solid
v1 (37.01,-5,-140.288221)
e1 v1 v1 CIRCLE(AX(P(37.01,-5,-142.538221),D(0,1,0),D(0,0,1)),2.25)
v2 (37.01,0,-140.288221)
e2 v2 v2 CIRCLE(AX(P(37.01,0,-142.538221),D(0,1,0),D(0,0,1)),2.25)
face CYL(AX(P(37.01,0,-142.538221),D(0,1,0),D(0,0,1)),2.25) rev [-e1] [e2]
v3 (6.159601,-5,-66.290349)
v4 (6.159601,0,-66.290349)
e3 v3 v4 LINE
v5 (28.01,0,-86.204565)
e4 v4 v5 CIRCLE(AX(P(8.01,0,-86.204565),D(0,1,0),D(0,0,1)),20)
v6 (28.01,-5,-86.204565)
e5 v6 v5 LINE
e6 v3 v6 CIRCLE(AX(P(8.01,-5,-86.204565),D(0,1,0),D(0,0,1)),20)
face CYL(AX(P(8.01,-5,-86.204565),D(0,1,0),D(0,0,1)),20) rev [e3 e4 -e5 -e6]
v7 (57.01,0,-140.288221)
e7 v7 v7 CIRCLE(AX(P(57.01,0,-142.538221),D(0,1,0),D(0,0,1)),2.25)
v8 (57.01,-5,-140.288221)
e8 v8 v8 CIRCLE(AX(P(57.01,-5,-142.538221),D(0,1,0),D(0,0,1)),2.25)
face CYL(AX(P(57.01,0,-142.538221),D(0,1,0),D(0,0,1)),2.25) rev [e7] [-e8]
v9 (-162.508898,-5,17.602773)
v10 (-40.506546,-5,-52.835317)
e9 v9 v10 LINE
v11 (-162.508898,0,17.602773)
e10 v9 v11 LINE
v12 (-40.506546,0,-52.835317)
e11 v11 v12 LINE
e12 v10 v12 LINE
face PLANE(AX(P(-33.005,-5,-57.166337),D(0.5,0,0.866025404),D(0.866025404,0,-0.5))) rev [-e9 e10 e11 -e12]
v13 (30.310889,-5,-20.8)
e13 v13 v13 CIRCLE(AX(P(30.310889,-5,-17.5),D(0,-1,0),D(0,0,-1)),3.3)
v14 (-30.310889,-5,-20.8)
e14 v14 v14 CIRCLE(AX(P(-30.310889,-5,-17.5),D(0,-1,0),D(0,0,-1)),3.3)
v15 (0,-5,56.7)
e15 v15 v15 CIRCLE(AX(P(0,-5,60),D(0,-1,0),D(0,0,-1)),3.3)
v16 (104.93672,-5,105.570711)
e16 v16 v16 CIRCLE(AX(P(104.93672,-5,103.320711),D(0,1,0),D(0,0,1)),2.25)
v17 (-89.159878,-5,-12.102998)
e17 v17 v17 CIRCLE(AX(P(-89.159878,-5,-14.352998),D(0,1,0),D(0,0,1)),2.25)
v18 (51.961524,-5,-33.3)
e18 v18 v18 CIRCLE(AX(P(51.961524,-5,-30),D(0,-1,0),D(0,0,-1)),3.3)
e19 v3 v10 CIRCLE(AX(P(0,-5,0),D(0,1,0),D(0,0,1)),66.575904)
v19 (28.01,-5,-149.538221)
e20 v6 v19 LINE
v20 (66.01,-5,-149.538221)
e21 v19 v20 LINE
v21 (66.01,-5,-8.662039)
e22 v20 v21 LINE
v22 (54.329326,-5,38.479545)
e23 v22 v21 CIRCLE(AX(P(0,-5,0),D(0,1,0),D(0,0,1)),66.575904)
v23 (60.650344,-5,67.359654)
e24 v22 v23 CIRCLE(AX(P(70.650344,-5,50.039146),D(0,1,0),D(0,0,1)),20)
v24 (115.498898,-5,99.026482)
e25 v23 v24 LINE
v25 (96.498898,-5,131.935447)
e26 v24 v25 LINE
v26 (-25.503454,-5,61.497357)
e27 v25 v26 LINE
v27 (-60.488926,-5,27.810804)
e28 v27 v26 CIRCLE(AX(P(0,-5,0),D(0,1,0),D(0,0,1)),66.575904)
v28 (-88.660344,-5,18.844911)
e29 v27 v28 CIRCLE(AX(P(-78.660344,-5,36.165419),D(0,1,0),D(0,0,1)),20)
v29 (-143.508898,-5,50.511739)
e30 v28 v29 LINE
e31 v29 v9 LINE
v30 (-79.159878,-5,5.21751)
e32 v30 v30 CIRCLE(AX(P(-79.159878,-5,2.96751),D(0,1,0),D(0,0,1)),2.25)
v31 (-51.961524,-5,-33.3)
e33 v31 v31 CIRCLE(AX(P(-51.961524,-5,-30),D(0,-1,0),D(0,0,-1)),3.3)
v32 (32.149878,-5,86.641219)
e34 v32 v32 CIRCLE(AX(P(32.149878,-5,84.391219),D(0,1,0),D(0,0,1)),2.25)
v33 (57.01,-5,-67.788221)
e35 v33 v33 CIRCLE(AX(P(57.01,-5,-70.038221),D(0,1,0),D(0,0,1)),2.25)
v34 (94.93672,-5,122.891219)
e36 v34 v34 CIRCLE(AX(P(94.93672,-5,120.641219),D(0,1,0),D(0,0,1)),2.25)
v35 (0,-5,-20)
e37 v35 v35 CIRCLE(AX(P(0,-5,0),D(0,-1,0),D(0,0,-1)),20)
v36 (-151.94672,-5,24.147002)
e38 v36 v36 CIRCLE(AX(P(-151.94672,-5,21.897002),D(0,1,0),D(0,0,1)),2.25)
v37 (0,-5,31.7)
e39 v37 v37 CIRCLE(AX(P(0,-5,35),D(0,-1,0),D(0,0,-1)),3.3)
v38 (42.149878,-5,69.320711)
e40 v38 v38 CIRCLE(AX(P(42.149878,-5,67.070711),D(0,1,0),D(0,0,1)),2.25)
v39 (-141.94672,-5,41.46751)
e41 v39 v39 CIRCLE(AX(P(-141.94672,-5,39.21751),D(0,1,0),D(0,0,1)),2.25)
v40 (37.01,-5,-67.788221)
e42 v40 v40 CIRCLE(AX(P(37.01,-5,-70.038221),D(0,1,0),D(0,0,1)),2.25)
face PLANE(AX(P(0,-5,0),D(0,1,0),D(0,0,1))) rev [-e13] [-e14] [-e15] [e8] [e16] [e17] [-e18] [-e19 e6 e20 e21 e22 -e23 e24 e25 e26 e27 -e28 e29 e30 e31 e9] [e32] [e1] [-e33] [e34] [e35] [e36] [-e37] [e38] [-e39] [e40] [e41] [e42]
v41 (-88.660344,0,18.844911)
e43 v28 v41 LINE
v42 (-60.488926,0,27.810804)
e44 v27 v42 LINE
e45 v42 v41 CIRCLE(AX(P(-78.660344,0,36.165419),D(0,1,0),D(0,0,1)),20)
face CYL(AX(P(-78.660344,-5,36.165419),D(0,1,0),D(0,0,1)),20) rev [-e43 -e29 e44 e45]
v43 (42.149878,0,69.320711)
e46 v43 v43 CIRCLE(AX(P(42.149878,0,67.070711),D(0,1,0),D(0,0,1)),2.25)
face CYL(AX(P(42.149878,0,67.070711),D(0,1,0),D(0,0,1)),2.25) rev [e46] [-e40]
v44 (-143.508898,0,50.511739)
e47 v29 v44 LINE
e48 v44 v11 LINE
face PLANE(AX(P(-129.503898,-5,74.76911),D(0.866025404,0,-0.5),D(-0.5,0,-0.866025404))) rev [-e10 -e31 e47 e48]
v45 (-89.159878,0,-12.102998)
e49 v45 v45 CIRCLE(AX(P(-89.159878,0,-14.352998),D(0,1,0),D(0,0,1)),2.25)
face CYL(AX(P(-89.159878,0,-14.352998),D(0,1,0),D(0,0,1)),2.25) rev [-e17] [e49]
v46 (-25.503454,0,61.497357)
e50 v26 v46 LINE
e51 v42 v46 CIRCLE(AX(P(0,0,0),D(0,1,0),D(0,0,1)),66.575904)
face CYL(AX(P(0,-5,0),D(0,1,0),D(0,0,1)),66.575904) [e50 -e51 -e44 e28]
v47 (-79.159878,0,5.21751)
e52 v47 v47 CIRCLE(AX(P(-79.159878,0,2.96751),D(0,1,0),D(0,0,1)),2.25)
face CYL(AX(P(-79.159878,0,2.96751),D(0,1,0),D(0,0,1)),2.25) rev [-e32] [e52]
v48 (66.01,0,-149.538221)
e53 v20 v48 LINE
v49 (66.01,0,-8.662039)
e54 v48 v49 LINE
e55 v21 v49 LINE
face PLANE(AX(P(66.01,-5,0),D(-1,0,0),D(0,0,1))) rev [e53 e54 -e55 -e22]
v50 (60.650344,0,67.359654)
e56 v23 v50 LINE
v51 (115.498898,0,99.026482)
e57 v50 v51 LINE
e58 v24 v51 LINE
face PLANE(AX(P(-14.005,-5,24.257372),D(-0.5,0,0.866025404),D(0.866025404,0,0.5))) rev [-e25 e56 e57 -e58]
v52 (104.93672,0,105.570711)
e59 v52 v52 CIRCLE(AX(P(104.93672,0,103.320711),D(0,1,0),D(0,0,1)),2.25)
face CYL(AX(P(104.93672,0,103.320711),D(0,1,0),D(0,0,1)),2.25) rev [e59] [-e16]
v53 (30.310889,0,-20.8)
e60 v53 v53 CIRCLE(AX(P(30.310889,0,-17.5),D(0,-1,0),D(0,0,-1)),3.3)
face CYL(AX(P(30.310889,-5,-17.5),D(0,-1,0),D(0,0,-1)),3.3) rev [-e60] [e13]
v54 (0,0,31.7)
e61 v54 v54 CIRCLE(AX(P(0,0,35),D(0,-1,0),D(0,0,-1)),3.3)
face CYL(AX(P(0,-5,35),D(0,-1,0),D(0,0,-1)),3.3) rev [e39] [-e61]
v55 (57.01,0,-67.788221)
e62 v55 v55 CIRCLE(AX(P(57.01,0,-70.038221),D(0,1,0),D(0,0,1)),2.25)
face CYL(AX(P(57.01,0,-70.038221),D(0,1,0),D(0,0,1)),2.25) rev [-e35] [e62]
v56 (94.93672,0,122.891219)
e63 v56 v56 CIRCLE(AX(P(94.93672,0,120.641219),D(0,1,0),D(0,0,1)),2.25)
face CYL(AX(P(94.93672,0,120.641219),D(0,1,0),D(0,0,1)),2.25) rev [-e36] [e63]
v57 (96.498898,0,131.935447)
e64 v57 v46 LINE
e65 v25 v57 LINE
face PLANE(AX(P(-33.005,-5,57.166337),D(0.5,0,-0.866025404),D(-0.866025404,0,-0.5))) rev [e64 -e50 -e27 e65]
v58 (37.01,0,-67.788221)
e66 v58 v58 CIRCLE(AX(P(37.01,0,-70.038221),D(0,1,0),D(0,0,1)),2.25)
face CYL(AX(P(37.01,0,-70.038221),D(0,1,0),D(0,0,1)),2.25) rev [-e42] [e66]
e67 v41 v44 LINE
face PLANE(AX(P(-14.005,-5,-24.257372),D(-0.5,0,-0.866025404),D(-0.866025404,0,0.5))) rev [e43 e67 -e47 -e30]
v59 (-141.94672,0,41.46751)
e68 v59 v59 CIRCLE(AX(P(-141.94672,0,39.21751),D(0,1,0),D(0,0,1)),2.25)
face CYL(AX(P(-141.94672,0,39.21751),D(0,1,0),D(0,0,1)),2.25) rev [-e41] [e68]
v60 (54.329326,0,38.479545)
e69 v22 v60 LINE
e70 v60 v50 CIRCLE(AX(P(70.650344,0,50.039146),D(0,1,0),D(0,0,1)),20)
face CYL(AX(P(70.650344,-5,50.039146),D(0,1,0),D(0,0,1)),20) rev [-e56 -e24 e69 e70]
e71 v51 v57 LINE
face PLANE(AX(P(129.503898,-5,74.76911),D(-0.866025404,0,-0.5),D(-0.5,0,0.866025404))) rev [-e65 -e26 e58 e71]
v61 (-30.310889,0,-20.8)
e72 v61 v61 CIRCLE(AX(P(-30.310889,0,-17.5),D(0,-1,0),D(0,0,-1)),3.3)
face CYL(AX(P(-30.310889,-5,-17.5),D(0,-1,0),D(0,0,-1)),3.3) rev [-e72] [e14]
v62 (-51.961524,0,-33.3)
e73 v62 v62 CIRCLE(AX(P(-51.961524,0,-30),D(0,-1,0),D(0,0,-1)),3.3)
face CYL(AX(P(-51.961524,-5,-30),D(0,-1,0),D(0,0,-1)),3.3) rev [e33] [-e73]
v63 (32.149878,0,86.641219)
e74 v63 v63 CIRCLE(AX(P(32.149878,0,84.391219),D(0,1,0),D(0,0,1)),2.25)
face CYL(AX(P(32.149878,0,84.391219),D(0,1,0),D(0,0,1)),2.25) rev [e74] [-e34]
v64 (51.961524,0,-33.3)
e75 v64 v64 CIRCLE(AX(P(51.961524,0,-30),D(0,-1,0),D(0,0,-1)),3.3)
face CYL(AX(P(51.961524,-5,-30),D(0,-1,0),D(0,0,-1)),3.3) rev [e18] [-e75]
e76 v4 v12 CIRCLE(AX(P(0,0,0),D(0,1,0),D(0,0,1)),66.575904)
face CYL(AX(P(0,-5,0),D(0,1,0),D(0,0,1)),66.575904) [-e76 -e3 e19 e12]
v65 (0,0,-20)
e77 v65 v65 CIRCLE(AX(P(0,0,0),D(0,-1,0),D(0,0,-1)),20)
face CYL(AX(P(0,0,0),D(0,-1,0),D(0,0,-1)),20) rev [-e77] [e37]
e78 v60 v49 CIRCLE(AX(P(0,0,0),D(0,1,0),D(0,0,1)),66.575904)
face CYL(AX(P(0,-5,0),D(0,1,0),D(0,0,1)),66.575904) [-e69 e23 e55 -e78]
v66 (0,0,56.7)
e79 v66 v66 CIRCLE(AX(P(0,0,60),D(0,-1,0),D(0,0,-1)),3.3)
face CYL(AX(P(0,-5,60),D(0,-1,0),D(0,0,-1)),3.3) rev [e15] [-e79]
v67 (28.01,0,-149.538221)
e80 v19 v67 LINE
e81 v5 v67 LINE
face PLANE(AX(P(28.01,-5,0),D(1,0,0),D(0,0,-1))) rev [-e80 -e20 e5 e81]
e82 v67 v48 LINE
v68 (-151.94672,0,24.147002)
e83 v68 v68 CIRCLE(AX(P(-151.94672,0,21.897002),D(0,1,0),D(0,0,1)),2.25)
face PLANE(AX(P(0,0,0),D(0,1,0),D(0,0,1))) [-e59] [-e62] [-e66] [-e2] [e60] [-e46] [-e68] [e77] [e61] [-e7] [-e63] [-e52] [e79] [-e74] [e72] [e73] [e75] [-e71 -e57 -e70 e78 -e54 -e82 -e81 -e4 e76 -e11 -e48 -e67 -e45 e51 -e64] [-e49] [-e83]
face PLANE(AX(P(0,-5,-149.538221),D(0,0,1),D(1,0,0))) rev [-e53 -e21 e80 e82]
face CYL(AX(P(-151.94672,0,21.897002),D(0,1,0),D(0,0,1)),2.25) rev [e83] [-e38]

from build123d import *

# Parameters (mm, degrees)
EXTRUDE_1_DEPTH        = 5
SKETCH_3_R             = 20
CUT_EXTRUDE_1_DEPTH    = 221.897762361
HOLE_WIZARD_M6_1_D     = 6.6
HOLE_WIZARD_M4_2_D     = 4.5
HOLE_WIZARD_M4_2_DEPTH = 10
HOLE_WIZARD_M4_2_TIP   = 1.351936393


with BuildPart() as part:
    # 스케치2 → 보스-돌출1 (new body)
    with BuildSketch(Plane(origin=(0, 0, 0), x_dir=(1, 0, 0), z_dir=(0, 1, 0))):
        with BuildLine():
            Line((66.01, 8.662039246), (66.01, 149.538220784))
            Line((66.01, 149.538220784), (28.01, 149.538220784))
            Line((28.01, 149.538220784), (28.01, 86.204565384))
            ThreePointArc((28.01, 86.204565384), (21.482045359, 71.422684791), (6.159600614, 66.290348801))
            ThreePointArc((6.159600614, 66.290348801), (-18.444176134, 63.970019467), (-40.506546036, 52.835317281))
            Line((-40.506546036, 52.835317281), (-162.508898036, -17.602773488))
            Line((-162.508898036, -17.602773488), (-143.508898036, -50.511738832))
            Line((-143.508898036, -50.511738832), (-88.660343545, -18.844911132))
            ThreePointArc((-88.660343545, -18.844911132), (-72.594882115, -17.10734539), (-60.488926395, -27.810803791))
            ThreePointArc((-60.488926395, -27.810803791), (-46.177573873, -47.958134817), (-25.503453964, -61.497356527))
            Line((-25.503453964, -61.497356527), (96.498898036, -131.935447296))
            Line((96.498898036, -131.935447296), (115.498898036, -99.026481952))
            Line((115.498898036, -99.026481952), (60.650343545, -67.359654252))
            ThreePointArc((60.650343545, -67.359654252), (51.112836757, -54.315339401), (54.32932578, -38.47954501))
            ThreePointArc((54.32932578, -38.47954501), (64.621750006, -16.01188465), (66.01, 8.662039246))
        make_face()
    extrude(amount=-EXTRUDE_1_DEPTH)

    # 스케치3 → 컷-돌출1 (cut, through all)
    with BuildSketch(Plane(origin=(0, -5, 0), x_dir=(-1, 0, 0), z_dir=(0, -1, 0))):
        with Locations(Location((0, 0, 0), (0, 0, 90))):
            Circle(SKETCH_3_R)
    extrude(amount=-CUT_EXTRUDE_1_DEPTH, mode=Mode.SUBTRACT)

    # M6 여유 구멍1 (through all)
    with Locations(Plane(origin=(0, -5, 0), x_dir=(-1, 0, 0), z_dir=(0, -1, 0))):
        with Locations((30.310889132, 17.5), (0, -60), (0, -35), (-51.961524227, 30), (-30.310889132, 17.5), (51.961524227, 30)):
            Hole(HOLE_WIZARD_M6_1_D / 2)

    # M4 여유 구멍2
    with Locations(Plane(origin=(0, 0, 0), x_dir=(1, 0, 0), z_dir=(0, 1, 0))):
        with Locations((57.01, 142.538220784), (37.01, 142.538220784), (37.01, 70.038220784), (57.01, 70.038220784), (94.936720209, -120.641218662), (104.936720209, -103.320710586), (42.149878435, -67.070710586), (32.149878435, -84.391218662), (-151.946720209, -21.897002122), (-141.946720209, -39.217510198), (-79.159878435, -2.967510198), (-89.159878435, 14.352997878)):
            Hole(HOLE_WIZARD_M4_2_D / 2, depth=HOLE_WIZARD_M4_2_DEPTH)
            with Locations((0, 0, -(HOLE_WIZARD_M4_2_DEPTH + HOLE_WIZARD_M4_2_TIP / 2))):  # 118° drill point
                Cone(0, HOLE_WIZARD_M4_2_D / 2, HOLE_WIZARD_M4_2_TIP, mode=Mode.SUBTRACT)


solid = part.part
